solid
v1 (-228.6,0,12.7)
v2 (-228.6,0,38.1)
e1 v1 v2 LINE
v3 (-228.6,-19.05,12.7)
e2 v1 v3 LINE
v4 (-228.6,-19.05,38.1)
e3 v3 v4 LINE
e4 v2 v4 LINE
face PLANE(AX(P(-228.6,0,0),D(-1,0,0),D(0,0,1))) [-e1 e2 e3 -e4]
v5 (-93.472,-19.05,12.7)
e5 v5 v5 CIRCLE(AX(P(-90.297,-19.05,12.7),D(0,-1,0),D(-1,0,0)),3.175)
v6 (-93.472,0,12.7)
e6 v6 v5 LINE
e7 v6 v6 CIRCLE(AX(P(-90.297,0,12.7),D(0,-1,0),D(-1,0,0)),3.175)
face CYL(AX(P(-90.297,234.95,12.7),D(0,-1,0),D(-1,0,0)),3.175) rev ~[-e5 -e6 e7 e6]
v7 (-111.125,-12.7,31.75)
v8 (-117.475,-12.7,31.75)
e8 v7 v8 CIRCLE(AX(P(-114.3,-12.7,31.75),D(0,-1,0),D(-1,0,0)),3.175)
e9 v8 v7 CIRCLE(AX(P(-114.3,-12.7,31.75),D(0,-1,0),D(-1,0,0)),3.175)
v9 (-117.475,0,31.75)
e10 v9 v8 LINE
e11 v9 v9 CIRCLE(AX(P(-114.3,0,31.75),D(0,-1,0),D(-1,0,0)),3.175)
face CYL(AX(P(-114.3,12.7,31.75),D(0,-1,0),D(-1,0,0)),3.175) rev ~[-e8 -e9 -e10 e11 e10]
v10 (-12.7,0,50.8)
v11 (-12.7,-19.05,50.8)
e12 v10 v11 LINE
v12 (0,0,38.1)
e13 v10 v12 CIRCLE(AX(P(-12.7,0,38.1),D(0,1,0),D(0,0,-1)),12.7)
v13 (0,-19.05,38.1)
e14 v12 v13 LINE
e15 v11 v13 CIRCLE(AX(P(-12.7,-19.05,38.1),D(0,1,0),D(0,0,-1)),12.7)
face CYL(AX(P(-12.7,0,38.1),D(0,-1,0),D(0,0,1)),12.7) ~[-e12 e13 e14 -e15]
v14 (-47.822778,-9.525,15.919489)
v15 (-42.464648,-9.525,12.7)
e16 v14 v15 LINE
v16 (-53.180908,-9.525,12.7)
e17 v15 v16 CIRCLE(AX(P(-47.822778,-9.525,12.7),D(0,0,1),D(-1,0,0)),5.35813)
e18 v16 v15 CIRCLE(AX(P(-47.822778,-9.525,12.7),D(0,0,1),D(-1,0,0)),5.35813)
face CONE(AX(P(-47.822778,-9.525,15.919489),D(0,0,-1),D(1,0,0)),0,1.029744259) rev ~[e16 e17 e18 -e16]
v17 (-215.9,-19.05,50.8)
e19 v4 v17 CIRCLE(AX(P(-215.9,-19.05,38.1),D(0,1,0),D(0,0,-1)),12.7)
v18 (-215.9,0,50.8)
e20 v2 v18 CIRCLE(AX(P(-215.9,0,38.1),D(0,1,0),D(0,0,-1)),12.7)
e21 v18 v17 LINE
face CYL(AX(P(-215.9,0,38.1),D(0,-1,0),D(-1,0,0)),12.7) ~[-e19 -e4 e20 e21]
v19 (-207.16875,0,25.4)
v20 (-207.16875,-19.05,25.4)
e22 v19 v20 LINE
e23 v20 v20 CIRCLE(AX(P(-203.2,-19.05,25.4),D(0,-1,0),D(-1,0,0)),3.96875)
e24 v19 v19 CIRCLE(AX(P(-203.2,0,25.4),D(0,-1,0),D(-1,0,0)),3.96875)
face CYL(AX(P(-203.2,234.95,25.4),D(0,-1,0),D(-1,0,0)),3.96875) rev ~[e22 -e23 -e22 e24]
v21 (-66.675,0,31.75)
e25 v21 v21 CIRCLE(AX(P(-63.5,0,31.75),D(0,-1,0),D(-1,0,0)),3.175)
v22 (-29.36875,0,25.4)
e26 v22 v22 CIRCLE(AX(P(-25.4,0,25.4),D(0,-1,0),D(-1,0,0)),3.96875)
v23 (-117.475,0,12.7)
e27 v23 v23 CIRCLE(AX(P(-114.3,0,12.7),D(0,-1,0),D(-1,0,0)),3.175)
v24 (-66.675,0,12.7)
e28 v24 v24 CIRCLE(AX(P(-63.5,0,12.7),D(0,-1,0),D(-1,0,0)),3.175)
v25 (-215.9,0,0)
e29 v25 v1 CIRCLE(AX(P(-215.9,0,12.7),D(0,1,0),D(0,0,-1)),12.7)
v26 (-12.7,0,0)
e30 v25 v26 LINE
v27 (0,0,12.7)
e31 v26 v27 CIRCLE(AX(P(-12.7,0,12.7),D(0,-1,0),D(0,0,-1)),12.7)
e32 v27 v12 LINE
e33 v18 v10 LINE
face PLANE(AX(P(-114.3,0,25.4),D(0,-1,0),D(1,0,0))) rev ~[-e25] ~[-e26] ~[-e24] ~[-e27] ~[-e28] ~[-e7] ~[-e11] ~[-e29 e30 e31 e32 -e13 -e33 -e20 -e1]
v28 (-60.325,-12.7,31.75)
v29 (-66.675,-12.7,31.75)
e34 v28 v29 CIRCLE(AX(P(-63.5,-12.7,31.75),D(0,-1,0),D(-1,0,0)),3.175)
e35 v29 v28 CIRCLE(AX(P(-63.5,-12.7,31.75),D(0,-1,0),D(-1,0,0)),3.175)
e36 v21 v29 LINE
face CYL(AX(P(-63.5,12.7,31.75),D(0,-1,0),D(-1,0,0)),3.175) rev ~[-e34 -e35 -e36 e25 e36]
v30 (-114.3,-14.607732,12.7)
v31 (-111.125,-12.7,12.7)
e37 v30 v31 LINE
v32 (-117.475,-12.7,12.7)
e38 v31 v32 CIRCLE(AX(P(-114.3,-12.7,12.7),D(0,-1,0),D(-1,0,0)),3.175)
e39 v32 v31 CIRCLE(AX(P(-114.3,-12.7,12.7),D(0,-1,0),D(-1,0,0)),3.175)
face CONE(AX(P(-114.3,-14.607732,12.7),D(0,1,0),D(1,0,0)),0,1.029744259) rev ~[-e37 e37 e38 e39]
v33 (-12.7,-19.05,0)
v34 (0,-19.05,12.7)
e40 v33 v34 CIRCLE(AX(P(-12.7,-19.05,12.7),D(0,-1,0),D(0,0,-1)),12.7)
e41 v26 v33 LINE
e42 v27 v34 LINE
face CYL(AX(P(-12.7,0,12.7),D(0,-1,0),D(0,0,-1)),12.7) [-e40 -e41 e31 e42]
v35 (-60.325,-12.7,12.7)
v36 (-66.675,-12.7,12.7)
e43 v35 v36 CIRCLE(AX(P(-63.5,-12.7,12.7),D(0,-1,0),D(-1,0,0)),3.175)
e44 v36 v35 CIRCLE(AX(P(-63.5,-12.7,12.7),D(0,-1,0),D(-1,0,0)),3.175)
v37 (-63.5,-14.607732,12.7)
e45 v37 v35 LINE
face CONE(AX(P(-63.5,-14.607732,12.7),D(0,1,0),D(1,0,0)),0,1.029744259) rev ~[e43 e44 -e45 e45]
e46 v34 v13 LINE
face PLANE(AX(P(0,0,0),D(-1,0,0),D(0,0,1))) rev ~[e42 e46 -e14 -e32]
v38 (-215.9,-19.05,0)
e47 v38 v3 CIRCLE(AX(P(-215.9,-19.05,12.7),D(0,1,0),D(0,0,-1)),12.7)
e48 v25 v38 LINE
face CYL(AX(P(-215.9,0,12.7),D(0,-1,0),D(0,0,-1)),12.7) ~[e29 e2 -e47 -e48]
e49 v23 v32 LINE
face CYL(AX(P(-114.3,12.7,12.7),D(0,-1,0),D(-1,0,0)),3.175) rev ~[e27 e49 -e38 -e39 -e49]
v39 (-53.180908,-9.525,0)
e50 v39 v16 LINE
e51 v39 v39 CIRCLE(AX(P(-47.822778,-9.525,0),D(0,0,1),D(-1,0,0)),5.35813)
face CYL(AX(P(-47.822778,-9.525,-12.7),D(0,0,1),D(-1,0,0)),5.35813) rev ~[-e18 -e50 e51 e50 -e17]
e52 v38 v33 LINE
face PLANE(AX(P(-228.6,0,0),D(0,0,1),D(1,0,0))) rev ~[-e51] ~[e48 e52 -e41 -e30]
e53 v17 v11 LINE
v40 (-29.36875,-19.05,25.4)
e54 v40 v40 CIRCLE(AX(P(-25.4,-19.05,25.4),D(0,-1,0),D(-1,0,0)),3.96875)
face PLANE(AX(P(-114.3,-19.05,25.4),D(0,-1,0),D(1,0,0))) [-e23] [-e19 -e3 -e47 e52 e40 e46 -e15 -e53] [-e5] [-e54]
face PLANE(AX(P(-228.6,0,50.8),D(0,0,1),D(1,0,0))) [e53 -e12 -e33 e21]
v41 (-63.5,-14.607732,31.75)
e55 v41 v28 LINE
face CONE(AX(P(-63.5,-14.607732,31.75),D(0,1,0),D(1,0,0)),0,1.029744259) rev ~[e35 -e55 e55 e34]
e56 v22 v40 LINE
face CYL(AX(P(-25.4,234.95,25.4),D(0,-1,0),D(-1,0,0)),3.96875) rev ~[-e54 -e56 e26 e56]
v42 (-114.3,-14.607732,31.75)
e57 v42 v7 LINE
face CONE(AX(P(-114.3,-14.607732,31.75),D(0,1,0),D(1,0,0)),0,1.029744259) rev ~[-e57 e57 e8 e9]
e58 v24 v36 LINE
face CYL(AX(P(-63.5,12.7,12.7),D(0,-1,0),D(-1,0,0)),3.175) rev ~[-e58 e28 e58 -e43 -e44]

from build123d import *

# Parameters (mm, degrees)
F0_W      = 228.6
F0_H      = 50.8
F1_DEPTH  = 19.05
F2_D      = 7.9375
F3_R      = 12.7
F4_D      = 6.35
F4_DEPTH  = 12.7
F4_TIP    = 1.9077324654
F9_D      = 6.35
F10_R     = 12.7
F12_D     = 10.71626
F12_DEPTH = 12.7
F12_TIP   = 3.2194893086


with BuildPart() as f1:
    # F0 (on Front) → F1 (new body)
    with BuildSketch(Plane.XZ):
        with Locations((-114.3, 25.4)):
            Rectangle(F0_W, F0_H)
    extrude(amount=F1_DEPTH)

    # F2 (through all)
    with Locations(Plane(origin=(0, 0, 0), x_dir=(1, 0, 0), z_dir=(0, 1, 0))):
        with Locations((-203.2, -25.4), (-25.4, -25.4)):
            Hole(F2_D / 2)

    # F3
    f3_edges = [f1.edges().sort_by_distance(p)[0] for p in [
        (0, -9.525, 0),
        (0, -9.525, 50.8),
    ]]
    fillet(f3_edges, radius=F3_R)

    # F4
    with Locations(Plane(origin=(0, 0, 0), x_dir=(1, 0, 0), z_dir=(0, 1, 0))):
        with Locations((-114.3, -31.75), (-114.3, -12.7), (-63.5, -12.7), (-63.5, -31.75)):
            Hole(F4_D / 2, depth=F4_DEPTH)
            with Locations((0, 0, -(F4_DEPTH + F4_TIP / 2))):  # 118° drill point
                Cone(0, F4_D / 2, F4_TIP, mode=Mode.SUBTRACT)


with BuildPart() as f5_1:
    # F5: instance of F1
    add(f1.part.mirror(Plane(origin=(-114.9742152146, -19.05, 25.4), x_dir=(1, 0, 0), z_dir=(0, -1, 0))))


with BuildPart() as f7_1:
    # F7: instance of F5_1
    add(f5_1.part.mirror(Plane(origin=(-114.9742152146, -19.05, 25.4), x_dir=(-1, 0, 0), z_dir=(0, 1, 0))))

    # F9 (through all)
    with Locations(Plane(origin=(0, 0, 0), x_dir=(1, 0, 0), z_dir=(0, 1, 0))):
        with Locations((-90.297, -12.7)):
            Hole(F9_D / 2)

    # F10
    f10_edges = [f7_1.edges().sort_by_distance(p)[0] for p in [
        (-228.6, -9.525, 50.8),
        (-228.6, -9.525, 0),
    ]]
    fillet(f10_edges, radius=F10_R)

    # F12
    with Locations(Plane(origin=(0, 0, 0), x_dir=(1, 0, 0), z_dir=(0, 0, -1))):
        with Locations((-47.8227784872, 9.525)):
            Hole(F12_D / 2, depth=F12_DEPTH)
            with Locations((0, 0, -(F12_DEPTH + F12_TIP / 2))):  # 118° drill point
                Cone(0, F12_D / 2, F12_TIP, mode=Mode.SUBTRACT)


solid = f7_1.part
